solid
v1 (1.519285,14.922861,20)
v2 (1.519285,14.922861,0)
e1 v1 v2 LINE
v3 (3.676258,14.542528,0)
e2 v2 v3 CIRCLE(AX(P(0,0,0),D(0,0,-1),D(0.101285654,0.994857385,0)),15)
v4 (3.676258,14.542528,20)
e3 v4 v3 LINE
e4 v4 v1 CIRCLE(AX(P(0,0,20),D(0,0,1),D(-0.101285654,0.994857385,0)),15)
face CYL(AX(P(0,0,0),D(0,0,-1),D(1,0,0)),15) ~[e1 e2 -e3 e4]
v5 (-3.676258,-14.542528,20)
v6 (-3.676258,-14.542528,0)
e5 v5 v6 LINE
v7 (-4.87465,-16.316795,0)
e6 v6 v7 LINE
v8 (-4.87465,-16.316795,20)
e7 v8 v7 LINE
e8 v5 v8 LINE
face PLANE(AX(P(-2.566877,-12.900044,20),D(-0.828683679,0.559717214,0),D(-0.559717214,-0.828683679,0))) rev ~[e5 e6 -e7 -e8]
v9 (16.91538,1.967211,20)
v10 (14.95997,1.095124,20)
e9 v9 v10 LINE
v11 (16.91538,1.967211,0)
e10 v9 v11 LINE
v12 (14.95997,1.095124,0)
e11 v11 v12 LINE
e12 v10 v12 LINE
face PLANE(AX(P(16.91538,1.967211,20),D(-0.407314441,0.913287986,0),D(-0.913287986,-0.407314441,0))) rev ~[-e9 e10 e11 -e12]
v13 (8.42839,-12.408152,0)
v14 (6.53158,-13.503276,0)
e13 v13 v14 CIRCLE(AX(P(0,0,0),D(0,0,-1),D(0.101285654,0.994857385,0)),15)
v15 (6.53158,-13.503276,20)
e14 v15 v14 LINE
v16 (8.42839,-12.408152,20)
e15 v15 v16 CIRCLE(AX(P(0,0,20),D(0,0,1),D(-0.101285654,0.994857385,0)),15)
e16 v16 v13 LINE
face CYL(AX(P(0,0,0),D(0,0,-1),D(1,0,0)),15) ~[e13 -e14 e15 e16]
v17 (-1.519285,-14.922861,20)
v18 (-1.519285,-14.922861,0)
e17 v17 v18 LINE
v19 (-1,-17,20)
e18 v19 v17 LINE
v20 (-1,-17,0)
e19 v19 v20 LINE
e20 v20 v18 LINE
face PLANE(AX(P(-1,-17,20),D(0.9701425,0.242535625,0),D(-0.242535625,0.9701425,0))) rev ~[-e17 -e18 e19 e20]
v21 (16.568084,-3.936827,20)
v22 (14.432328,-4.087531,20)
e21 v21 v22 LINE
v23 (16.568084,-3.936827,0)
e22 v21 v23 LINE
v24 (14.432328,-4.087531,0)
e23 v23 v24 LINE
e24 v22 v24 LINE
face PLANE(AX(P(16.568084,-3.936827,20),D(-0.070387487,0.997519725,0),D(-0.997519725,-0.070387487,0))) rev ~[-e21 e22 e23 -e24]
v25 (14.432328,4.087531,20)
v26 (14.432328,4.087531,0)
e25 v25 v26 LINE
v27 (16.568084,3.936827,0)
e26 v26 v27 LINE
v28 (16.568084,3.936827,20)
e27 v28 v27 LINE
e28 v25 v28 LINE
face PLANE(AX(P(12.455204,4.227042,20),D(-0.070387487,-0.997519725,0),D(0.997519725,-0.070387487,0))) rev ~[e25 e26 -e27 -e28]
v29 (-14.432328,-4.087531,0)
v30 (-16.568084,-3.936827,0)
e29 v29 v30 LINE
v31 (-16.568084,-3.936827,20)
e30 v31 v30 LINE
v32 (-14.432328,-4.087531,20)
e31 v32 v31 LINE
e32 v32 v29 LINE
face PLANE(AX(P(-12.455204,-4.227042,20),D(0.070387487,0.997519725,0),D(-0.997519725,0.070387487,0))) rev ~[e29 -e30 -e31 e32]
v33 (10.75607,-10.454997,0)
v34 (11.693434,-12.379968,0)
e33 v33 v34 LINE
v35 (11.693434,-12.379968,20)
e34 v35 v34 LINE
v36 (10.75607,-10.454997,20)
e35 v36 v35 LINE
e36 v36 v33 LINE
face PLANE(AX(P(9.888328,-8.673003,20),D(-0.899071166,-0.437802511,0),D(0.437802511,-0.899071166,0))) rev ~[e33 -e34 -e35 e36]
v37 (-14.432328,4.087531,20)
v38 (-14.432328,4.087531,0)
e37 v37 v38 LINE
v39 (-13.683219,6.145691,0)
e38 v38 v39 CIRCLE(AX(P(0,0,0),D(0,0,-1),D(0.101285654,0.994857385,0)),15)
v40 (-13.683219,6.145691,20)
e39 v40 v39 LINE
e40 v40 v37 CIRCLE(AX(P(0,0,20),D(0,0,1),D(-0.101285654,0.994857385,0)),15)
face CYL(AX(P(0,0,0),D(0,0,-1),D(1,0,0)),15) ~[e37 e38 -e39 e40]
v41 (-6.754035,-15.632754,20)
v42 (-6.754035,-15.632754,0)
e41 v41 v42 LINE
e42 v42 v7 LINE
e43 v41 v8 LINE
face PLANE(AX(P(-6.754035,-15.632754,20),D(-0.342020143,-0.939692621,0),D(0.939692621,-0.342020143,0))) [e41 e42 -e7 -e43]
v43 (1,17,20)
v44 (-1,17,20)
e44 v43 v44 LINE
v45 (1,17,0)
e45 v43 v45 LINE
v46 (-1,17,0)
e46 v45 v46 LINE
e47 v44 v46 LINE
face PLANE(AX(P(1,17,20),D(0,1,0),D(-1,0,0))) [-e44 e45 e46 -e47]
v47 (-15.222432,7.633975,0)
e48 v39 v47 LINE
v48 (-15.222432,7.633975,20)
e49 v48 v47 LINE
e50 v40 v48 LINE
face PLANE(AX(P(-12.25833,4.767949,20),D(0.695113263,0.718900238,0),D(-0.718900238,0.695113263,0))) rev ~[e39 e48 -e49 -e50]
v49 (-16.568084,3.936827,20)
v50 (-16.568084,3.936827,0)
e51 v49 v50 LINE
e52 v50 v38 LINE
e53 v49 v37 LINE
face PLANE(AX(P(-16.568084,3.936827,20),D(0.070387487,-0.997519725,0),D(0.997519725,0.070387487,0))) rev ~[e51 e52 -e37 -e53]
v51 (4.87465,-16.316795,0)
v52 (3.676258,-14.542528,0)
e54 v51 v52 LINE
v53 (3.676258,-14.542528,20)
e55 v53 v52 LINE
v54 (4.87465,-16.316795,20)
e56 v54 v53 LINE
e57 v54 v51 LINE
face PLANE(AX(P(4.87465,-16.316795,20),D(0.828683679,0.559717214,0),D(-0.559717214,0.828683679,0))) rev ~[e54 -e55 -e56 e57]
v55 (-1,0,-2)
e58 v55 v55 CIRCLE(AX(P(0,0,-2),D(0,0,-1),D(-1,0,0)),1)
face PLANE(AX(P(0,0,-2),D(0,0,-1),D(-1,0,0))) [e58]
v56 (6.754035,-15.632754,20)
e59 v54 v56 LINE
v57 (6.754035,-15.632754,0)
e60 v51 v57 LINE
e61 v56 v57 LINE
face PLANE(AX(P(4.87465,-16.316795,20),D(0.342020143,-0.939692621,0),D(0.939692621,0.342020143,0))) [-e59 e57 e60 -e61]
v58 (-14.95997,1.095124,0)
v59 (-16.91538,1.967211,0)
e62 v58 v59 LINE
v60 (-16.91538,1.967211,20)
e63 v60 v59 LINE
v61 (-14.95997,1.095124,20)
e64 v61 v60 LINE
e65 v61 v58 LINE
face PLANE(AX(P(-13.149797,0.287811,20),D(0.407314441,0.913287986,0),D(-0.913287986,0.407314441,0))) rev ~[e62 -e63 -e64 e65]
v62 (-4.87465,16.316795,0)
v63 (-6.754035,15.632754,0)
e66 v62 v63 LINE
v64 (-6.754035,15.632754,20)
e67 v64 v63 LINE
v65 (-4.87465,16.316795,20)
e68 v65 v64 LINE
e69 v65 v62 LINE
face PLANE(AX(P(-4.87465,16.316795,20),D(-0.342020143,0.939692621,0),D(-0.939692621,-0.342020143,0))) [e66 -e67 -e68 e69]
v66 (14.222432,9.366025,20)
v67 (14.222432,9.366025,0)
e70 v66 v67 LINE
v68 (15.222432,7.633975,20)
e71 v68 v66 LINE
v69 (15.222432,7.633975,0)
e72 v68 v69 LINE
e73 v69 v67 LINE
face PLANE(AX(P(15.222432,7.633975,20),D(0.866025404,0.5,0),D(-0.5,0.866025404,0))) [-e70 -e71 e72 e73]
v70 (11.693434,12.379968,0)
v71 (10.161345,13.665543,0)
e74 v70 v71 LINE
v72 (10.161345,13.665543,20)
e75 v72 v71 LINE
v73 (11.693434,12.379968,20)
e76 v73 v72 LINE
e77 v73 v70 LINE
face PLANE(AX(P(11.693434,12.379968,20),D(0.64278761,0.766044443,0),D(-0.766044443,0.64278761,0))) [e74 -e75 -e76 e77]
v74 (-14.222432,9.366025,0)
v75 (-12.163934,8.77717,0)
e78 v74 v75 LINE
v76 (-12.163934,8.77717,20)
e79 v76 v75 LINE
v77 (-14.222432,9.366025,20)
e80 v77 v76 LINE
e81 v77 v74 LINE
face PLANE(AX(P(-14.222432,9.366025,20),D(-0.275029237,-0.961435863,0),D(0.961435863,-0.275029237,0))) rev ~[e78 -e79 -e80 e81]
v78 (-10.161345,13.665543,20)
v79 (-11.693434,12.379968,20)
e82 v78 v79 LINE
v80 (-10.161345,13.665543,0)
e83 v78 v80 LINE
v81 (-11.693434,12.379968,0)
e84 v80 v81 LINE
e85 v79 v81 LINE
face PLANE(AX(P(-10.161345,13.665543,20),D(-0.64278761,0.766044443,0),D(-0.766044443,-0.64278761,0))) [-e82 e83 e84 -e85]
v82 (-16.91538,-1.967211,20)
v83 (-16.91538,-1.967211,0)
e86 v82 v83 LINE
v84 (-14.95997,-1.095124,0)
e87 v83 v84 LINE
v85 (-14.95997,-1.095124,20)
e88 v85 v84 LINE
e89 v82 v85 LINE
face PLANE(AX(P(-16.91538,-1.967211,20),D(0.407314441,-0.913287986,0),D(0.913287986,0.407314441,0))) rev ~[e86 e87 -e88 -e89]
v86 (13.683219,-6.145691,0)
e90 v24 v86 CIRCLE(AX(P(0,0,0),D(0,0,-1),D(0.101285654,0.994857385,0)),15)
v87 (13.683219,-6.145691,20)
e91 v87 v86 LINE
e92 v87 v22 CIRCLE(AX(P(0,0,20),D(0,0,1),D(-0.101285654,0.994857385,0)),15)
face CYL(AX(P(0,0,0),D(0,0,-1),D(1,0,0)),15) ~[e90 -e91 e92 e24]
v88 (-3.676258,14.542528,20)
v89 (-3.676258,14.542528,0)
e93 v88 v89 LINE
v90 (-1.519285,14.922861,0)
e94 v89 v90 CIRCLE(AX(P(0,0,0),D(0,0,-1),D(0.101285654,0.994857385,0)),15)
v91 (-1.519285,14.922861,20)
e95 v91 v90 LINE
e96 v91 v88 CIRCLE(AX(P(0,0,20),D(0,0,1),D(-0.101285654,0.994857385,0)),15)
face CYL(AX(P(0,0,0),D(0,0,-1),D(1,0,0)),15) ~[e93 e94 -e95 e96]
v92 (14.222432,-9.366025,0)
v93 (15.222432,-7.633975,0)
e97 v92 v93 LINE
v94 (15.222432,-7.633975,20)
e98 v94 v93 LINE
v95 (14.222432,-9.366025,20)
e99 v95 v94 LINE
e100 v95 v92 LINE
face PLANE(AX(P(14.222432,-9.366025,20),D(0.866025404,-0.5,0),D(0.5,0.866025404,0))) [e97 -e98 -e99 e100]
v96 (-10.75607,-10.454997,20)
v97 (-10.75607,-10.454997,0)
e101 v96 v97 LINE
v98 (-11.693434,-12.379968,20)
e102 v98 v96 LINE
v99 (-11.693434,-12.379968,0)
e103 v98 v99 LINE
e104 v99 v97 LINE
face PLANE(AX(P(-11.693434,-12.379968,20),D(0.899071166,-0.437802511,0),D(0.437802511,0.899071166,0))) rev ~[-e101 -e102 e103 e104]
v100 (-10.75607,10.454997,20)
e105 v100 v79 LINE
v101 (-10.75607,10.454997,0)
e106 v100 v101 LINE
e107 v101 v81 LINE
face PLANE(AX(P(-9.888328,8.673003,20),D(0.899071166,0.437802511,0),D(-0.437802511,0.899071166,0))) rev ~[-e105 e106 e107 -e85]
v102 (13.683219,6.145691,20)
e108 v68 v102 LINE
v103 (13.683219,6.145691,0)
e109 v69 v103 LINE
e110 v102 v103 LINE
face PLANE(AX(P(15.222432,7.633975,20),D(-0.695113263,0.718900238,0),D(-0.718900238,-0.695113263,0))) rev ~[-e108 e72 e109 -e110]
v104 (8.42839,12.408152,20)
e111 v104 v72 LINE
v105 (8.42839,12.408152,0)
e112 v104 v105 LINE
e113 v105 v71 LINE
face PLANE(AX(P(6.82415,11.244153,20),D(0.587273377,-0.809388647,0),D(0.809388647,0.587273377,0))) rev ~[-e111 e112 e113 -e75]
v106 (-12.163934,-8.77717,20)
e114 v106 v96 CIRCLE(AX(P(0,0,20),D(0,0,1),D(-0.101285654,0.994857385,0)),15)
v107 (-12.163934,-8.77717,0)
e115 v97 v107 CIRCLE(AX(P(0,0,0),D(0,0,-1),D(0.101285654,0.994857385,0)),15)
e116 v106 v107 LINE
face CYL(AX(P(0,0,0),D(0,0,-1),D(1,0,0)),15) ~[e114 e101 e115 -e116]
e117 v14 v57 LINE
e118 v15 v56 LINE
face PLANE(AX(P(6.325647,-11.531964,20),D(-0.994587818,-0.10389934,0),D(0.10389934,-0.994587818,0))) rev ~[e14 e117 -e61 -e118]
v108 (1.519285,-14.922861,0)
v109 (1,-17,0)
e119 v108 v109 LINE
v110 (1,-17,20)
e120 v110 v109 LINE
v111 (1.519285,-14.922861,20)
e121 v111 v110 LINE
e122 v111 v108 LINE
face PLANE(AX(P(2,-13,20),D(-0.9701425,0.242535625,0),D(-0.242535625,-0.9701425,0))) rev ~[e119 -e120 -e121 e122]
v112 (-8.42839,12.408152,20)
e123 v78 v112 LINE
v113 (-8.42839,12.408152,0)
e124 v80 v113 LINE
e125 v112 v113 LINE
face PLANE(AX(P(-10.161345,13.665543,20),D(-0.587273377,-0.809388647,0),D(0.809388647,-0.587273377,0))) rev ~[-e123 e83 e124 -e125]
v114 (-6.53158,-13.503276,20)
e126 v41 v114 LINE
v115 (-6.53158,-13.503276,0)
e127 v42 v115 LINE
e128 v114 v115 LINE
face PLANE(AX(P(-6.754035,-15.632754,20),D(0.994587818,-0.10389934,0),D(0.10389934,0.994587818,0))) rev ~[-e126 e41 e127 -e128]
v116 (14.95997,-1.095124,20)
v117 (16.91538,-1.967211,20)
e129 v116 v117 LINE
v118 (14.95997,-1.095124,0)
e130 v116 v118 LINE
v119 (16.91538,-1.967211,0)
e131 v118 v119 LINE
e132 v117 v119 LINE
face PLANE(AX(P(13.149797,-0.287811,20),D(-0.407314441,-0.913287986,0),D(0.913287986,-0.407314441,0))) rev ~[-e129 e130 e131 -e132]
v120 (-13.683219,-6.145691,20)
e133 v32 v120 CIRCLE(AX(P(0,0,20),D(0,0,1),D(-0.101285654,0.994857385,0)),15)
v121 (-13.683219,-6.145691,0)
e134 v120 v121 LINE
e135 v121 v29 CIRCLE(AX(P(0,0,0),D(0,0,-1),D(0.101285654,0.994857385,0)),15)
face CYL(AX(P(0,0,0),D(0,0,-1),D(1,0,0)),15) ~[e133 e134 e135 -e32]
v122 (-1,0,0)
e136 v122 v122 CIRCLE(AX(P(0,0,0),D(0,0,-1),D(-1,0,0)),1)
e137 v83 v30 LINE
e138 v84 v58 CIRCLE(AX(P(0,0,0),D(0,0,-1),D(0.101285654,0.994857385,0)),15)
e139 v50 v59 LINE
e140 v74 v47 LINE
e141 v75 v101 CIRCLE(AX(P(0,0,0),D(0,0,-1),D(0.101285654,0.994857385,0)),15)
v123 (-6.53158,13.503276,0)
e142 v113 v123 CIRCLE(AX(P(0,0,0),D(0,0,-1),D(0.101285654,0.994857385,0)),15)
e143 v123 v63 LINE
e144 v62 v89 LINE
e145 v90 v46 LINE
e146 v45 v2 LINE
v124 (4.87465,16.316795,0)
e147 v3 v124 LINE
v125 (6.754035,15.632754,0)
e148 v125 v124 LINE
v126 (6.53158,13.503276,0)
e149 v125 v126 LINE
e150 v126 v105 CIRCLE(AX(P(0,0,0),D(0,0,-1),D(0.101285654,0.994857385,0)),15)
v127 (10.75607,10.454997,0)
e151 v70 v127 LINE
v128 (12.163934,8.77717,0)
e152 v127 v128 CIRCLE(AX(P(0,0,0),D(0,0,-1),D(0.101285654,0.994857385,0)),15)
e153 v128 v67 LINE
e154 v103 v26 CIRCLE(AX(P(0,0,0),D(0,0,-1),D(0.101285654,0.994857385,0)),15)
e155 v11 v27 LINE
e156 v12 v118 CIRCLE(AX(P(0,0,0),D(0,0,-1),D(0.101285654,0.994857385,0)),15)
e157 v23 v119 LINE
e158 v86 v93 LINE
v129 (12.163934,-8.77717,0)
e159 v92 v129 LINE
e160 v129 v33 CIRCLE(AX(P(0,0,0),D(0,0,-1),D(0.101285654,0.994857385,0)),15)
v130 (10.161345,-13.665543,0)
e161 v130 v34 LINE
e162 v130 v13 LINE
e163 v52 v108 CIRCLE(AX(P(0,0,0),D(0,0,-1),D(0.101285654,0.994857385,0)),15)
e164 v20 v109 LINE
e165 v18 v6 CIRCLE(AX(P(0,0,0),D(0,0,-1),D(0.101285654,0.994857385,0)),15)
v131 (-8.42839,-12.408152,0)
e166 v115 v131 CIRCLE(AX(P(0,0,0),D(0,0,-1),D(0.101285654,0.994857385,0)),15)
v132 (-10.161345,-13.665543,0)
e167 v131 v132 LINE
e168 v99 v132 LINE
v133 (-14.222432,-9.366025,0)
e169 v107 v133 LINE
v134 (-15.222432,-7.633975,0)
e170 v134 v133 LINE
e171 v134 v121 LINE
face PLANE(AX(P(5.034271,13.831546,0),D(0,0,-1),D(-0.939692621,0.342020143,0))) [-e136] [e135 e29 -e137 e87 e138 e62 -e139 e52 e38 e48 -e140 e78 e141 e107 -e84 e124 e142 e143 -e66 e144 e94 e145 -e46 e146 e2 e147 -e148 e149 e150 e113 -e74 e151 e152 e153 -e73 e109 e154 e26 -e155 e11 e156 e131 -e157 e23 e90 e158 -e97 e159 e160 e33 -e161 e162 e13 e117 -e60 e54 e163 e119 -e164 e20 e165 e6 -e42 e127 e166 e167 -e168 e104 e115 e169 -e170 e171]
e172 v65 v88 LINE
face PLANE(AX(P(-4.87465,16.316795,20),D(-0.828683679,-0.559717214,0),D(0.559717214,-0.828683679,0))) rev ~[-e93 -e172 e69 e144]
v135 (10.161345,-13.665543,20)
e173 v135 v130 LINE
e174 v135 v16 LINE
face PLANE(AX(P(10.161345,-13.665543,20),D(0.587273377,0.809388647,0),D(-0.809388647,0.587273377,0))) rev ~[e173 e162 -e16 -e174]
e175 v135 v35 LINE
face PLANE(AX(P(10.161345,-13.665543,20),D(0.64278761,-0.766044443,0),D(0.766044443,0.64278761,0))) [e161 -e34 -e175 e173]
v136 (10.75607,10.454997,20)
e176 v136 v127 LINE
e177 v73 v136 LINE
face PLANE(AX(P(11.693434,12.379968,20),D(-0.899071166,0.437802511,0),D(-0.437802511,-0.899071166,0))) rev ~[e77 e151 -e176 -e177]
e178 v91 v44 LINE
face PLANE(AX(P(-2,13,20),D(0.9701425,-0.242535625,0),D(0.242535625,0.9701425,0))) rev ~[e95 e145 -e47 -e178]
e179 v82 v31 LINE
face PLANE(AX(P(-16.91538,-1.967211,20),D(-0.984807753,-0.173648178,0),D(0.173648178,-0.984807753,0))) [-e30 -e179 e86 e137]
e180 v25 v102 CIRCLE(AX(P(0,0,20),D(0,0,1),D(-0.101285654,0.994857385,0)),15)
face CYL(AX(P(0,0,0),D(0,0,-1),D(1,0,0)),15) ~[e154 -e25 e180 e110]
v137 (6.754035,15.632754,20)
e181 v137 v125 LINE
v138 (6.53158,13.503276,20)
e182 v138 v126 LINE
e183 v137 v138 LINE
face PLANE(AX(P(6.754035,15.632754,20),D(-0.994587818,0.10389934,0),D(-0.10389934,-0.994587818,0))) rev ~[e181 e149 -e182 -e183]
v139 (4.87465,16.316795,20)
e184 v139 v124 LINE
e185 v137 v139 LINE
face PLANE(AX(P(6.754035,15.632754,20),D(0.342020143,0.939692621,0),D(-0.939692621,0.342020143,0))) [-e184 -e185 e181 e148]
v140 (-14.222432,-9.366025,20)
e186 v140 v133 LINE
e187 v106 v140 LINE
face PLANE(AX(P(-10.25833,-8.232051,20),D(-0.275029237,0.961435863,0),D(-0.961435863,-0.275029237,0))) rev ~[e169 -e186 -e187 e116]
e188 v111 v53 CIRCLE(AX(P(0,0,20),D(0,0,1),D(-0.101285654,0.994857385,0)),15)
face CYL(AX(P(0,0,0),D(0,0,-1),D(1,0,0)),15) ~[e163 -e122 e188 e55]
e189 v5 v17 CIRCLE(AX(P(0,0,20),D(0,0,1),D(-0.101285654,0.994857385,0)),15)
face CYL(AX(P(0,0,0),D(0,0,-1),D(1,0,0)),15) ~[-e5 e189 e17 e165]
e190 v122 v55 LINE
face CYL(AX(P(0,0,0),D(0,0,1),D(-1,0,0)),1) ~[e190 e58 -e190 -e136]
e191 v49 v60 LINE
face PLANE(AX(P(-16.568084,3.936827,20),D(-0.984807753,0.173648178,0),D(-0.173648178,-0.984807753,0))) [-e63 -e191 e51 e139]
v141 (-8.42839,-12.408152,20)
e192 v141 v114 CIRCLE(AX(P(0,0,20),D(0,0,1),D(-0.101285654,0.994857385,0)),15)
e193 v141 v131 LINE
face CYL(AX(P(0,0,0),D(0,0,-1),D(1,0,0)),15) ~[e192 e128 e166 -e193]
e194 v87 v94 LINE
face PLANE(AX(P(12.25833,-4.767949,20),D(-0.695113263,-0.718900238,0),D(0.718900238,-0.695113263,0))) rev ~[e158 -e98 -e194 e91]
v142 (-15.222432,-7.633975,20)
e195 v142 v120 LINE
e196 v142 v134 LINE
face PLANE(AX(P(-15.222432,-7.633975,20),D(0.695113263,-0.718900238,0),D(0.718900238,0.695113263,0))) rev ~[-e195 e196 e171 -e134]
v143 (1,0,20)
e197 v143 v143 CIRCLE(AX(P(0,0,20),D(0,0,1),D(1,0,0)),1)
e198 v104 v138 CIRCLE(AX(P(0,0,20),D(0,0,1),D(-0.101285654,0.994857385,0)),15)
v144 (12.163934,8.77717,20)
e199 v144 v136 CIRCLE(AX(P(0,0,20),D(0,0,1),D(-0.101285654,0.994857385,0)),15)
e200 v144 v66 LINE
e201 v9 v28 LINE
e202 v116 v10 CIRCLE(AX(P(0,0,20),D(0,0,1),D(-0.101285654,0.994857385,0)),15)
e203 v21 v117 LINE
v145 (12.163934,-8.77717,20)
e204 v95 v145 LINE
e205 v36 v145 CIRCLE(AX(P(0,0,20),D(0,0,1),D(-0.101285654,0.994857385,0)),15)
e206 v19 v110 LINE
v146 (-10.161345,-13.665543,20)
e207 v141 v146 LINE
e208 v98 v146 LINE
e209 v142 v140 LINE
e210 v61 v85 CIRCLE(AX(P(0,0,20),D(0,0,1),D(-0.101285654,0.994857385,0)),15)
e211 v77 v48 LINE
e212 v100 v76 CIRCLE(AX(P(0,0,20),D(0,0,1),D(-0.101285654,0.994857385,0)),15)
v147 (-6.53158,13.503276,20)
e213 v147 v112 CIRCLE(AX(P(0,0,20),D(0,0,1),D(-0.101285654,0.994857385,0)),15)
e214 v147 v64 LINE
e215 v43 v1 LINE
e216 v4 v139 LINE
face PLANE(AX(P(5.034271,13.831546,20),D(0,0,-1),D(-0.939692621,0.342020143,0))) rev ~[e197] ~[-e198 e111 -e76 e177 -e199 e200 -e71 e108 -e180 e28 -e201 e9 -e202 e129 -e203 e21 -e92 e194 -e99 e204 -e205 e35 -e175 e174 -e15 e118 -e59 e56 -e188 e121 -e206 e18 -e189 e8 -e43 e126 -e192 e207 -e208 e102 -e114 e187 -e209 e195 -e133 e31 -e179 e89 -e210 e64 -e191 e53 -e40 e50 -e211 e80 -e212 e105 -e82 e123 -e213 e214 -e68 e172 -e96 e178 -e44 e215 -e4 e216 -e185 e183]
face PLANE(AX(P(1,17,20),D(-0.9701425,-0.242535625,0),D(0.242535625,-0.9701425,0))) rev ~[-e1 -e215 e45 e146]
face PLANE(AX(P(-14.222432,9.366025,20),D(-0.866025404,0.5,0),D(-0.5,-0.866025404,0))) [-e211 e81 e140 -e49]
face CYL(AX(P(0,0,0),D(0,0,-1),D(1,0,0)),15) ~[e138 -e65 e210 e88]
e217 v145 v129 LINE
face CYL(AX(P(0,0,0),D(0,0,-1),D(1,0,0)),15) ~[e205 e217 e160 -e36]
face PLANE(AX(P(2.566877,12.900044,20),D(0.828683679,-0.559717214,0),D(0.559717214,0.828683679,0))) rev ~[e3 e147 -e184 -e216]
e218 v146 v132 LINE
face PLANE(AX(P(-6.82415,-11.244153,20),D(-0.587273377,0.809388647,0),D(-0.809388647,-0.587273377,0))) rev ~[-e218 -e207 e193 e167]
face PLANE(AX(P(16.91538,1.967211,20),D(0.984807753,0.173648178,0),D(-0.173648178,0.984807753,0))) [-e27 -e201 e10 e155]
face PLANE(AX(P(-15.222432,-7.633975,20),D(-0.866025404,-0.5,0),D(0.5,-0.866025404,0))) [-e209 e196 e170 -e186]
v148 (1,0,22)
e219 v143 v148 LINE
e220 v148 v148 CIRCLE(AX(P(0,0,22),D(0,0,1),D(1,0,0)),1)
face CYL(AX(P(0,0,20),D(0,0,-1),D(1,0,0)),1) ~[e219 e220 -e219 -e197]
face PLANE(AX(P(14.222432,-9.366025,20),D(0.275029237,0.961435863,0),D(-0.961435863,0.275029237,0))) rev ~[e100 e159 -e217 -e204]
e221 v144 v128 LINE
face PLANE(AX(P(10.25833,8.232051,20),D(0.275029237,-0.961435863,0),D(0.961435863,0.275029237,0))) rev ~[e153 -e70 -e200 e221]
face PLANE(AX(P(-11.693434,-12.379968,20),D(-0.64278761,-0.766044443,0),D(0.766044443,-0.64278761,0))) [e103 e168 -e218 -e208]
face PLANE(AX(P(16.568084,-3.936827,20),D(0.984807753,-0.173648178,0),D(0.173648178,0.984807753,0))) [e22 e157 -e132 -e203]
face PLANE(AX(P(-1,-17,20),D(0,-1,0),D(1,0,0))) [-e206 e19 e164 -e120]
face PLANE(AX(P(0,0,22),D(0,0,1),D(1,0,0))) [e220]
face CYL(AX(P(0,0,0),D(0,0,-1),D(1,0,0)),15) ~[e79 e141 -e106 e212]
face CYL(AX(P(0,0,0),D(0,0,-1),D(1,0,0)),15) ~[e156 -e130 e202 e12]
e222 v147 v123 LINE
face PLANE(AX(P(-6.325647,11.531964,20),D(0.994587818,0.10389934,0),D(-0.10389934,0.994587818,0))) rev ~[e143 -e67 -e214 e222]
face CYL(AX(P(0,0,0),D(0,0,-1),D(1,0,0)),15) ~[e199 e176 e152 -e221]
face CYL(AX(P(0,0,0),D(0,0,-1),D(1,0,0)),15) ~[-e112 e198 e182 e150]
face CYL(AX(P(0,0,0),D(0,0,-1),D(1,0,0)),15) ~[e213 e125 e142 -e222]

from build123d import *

# Parameters (mm, degrees)
SKETCH1_R           = 15
BOSS_EXTRUDE1_DEPTH = 20
BOSS_EXTRUDE2_DEPTH = 20
CIRPATTERN1_COUNT   = 18
SKETCH3_R           = 1
BOSS_EXTRUDE3_DEPTH = 2
SKETCH4_R           = 1
BOSS_EXTRUDE4_DEPTH = 2


with BuildPart() as part:
    # Sketch1 → Boss-Extrude1 (new body)
    with BuildSketch(Plane.XY):
        Circle(SKETCH1_R)
    extrude(amount=BOSS_EXTRUDE1_DEPTH)

    # Sketch2 → Boss-Extrude2 (add)
    with BuildSketch(Plane.XY.offset(20)):
        Polygon((0, 17), (1, 17), (2, 13), (0, 13), (-2, 13), (-1, 17), align=None)
    boss_extrude2 = extrude(amount=-BOSS_EXTRUDE2_DEPTH)

    # CirPattern1: Boss-Extrude2 ×18 about axis
    cirpattern1_axis = Axis((0, 0, 0), (0, 0, 1))
    for i in range(1, CIRPATTERN1_COUNT):
        add(boss_extrude2.rotate(cirpattern1_axis, i * 360 / CIRPATTERN1_COUNT))

    # Sketch3 → Boss-Extrude3 (add)
    with BuildSketch(Plane(origin=(0, 0, 0), x_dir=(-1, 0, 0), z_dir=(0, 0, -1))):
        Circle(SKETCH3_R)
    extrude(amount=BOSS_EXTRUDE3_DEPTH)

    # Sketch4 → Boss-Extrude4 (add)
    with BuildSketch(Plane.XY.offset(20)):
        Circle(SKETCH4_R)
    extrude(amount=BOSS_EXTRUDE4_DEPTH)


solid = part.part
